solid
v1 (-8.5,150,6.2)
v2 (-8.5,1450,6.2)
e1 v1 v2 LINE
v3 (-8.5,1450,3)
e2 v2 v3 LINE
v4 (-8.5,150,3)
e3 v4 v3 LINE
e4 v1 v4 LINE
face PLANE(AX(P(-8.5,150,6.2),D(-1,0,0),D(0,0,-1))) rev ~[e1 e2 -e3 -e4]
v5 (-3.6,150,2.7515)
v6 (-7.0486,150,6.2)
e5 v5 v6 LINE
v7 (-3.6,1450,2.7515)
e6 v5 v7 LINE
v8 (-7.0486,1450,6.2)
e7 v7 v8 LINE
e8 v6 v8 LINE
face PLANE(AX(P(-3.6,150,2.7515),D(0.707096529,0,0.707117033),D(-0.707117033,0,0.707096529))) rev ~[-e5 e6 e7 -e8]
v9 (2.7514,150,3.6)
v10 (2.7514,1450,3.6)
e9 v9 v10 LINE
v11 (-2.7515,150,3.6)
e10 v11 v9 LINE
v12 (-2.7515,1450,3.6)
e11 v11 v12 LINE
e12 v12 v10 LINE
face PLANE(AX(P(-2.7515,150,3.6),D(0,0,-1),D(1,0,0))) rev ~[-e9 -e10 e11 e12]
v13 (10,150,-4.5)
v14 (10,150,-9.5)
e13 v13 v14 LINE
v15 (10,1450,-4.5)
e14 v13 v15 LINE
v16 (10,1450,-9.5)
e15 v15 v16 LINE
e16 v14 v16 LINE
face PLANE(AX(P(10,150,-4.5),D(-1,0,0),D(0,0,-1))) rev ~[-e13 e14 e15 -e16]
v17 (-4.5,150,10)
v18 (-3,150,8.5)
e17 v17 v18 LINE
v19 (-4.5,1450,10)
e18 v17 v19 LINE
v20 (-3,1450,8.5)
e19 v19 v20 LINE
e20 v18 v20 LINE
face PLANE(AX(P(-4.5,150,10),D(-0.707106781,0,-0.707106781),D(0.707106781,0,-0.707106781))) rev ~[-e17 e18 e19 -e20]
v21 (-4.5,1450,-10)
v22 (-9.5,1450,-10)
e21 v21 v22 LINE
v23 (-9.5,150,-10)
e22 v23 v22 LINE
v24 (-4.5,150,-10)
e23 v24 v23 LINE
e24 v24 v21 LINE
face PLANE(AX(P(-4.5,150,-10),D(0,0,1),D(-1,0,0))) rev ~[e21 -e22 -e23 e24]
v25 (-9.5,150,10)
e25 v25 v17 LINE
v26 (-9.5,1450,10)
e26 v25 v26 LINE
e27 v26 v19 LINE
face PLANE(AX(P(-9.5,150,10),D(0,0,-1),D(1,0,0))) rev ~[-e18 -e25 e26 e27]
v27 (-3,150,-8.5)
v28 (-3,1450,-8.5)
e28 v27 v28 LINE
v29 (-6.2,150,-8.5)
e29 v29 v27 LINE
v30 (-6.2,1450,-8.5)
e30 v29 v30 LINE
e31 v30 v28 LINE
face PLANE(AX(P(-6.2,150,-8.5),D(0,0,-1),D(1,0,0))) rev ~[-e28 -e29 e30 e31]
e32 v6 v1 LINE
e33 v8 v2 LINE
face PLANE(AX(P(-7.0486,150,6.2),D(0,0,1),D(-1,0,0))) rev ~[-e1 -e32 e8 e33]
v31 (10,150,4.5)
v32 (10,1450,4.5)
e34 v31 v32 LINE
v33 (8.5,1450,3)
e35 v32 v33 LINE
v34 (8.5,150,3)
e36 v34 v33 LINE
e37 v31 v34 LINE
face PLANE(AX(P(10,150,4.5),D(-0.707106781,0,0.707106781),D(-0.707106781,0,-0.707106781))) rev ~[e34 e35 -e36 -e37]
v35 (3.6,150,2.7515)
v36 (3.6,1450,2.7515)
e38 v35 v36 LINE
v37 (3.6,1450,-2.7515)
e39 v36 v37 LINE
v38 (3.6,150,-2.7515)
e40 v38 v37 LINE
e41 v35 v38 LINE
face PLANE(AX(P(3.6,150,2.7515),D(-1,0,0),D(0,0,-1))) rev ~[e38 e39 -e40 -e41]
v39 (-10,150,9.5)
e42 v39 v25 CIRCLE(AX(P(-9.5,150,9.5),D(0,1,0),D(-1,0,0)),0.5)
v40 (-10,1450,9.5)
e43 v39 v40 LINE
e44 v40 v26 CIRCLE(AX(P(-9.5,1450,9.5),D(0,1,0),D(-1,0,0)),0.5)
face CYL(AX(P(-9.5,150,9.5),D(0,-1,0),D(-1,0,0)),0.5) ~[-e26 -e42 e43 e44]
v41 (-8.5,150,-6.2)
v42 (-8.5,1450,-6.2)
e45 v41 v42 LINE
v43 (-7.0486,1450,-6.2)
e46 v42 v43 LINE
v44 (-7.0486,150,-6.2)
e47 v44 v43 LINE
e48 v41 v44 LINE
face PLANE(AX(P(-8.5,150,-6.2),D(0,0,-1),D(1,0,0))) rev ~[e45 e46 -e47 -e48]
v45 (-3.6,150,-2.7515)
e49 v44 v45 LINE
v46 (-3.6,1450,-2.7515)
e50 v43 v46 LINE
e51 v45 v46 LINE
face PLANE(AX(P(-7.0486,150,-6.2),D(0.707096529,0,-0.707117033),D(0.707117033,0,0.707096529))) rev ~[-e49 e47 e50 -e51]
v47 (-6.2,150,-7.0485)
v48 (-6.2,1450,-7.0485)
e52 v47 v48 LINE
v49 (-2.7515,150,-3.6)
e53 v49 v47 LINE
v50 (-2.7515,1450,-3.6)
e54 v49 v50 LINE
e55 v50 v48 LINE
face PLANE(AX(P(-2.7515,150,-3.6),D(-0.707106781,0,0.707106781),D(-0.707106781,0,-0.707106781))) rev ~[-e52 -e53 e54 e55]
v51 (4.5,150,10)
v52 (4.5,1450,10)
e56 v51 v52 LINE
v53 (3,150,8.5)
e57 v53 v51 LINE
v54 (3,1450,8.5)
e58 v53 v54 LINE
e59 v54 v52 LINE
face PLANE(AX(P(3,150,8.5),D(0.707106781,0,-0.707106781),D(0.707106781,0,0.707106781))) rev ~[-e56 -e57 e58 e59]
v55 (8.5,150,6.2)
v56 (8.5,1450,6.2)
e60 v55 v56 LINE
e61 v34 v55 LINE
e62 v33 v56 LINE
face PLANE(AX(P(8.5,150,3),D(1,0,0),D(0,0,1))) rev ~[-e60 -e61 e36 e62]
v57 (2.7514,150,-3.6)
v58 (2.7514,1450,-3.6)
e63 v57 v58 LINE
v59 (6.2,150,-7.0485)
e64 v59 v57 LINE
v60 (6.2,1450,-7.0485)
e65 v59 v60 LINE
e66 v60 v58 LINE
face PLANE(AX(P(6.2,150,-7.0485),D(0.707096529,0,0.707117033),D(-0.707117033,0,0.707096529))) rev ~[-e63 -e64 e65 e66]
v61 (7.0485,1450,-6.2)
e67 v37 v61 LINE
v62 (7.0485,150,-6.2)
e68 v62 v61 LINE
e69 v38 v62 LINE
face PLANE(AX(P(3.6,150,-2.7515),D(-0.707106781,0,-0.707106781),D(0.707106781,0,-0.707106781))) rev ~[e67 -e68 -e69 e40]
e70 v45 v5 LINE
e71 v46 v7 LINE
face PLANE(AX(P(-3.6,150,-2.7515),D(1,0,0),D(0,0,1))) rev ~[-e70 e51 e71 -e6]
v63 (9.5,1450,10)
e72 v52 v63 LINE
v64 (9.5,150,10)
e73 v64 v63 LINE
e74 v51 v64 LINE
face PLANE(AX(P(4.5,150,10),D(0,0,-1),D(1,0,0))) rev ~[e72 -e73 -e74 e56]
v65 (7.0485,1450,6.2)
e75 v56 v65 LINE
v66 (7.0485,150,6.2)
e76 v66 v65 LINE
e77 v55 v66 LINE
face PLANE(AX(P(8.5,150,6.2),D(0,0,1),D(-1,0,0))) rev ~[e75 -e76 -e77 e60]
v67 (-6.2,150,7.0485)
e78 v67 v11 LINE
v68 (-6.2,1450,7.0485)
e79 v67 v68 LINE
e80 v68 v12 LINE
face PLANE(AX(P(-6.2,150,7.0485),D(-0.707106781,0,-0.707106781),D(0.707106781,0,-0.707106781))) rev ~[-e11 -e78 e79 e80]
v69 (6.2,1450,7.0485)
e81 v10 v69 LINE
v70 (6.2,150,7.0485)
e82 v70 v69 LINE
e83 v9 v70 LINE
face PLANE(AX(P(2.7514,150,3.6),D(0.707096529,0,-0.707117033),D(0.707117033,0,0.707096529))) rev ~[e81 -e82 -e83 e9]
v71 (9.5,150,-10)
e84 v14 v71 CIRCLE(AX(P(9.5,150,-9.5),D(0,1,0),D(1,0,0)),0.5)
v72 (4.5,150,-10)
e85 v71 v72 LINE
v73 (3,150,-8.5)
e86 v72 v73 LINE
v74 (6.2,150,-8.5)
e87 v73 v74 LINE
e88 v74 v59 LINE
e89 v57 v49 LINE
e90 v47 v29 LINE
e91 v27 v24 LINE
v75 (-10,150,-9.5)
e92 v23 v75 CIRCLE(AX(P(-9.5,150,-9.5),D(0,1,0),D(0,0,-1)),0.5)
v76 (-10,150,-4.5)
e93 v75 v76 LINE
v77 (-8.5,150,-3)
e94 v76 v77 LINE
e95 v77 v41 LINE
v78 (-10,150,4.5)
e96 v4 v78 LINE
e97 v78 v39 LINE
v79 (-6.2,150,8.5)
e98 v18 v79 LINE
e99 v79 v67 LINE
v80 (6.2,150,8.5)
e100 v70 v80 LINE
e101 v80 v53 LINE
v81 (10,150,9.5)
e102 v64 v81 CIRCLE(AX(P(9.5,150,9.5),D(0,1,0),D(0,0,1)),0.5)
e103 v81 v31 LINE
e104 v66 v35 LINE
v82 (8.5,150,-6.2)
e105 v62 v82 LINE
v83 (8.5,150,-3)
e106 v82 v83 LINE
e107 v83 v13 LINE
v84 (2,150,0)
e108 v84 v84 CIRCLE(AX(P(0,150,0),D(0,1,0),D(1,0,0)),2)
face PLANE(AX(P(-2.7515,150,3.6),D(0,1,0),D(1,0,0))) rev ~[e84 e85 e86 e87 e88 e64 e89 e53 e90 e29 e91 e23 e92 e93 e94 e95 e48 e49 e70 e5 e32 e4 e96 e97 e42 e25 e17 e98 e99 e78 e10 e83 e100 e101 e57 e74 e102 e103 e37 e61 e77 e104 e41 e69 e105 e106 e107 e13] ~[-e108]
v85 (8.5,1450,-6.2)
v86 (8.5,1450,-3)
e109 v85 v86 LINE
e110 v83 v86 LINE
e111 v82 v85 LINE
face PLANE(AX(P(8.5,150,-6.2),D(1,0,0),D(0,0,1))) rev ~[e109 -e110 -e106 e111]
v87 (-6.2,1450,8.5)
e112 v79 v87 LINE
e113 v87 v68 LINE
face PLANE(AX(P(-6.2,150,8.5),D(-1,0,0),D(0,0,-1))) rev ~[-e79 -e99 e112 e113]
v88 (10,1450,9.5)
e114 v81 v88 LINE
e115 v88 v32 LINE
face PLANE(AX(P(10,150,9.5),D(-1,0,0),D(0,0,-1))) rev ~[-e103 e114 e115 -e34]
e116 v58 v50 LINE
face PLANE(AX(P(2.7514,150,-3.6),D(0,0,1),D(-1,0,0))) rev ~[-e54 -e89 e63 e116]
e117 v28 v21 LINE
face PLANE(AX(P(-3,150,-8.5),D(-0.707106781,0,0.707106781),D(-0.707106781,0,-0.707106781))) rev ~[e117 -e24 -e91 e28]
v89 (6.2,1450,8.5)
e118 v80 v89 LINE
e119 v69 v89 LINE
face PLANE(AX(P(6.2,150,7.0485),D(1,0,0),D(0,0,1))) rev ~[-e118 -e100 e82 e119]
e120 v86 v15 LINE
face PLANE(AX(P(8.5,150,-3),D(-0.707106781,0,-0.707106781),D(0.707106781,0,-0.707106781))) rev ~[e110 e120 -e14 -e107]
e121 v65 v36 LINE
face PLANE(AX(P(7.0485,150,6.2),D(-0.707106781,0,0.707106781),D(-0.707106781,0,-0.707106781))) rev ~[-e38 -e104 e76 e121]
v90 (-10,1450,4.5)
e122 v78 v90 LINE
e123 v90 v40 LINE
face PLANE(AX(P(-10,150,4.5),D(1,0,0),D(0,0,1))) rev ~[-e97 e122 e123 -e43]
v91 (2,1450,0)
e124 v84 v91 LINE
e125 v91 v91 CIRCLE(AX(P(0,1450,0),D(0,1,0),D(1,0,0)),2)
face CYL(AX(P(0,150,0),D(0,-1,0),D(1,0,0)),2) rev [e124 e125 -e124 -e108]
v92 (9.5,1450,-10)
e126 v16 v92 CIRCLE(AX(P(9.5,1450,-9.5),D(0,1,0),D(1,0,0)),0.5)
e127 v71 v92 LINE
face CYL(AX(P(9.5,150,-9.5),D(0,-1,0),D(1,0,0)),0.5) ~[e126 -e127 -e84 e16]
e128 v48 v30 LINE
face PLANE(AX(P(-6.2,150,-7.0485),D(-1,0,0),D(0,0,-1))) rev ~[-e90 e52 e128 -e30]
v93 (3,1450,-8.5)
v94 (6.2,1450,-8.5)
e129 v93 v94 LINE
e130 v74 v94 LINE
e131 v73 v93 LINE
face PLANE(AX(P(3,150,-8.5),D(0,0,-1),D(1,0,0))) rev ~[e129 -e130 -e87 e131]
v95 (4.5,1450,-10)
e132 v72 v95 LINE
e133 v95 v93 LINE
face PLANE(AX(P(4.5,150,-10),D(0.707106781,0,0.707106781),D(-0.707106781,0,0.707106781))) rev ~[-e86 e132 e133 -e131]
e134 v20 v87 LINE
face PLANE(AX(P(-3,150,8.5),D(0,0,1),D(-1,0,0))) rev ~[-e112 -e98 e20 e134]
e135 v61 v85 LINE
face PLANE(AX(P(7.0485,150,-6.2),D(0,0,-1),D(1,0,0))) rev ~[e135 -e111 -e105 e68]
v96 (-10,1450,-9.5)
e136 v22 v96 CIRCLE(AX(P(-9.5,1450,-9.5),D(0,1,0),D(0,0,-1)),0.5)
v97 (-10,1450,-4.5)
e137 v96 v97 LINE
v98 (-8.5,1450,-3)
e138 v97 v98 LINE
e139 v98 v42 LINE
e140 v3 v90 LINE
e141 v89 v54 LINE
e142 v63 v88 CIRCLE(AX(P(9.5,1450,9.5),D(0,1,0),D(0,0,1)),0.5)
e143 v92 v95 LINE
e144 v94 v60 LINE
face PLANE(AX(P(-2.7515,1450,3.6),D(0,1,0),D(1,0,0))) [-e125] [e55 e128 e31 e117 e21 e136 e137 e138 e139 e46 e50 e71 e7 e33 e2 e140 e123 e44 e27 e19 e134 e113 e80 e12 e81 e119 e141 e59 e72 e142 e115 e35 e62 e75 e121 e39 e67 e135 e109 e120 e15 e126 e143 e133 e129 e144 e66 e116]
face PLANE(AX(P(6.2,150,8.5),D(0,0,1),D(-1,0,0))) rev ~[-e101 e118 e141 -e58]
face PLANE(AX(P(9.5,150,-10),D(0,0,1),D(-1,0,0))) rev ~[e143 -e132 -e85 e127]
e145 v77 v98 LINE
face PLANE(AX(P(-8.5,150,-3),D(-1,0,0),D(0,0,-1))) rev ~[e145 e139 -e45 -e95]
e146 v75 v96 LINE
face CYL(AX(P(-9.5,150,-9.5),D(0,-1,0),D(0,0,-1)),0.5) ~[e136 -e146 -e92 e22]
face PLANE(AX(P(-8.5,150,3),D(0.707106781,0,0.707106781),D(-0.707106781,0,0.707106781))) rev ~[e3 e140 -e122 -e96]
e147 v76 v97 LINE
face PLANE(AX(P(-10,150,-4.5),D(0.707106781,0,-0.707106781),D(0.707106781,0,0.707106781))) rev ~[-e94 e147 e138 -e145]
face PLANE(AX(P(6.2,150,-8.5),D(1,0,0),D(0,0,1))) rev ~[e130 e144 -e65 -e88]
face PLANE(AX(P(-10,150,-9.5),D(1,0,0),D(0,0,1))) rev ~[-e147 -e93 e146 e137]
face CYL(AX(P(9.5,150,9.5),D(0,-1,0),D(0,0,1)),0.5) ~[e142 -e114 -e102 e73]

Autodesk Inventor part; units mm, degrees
ref_plane "YZ Plane" through (0, 0, 0) normal (1, 0, 0) x (0, 1, 0)
ref_plane "XZ Plane" through (0, 0, 0) normal (0, 1, 0) x (-1, 0, 0)
ref_plane "Work Plane1" through (-2.7515, 150, 3.6) normal (0, 1, 0) x (1, 0, 0)
sketch "Sketch1" plane through (-2.7515, 150, 3.6) normal (0, 1, 0) x (1, 0, 0)
  arc A0 (-6.7485, 13.6) -> (-7.2485, 13.1) centre (-6.7485, 13.1) ccw projected
  line L0 (-7.2485, 13.1) -> (-7.2485, 8.1) projected
  line L1 (-7.2485, 8.1) -> (-5.7485, 6.6) projected
  line L2 (-5.7485, 6.6) -> (-5.7485, 9.8) projected
  line L3 (-5.7485, 9.8) -> (-4.2971, 9.8) projected
  line L4 (-4.2971, 9.8) -> (-0.8485, 6.3515) projected
  line L5 (-0.8485, 6.3515) -> (-0.8485, 0.8485) projected
  line L6 (-0.8485, 0.8485) -> (-4.2971, -2.6) projected
  line L7 (-4.2971, -2.6) -> (-5.7485, -2.6) projected
  line L8 (-5.7485, -2.6) -> (-5.7485, 0.6) projected
  line L9 (-5.7485, 0.6) -> (-7.2485, -0.9) projected
  line L10 (-7.2485, -0.9) -> (-7.2485, -5.9) projected
  arc A1 (-7.2485, -5.9) -> (-6.7485, -6.4) centre (-6.7485, -5.9) ccw projected
  line L11 (-6.7485, -6.4) -> (-1.7485, -6.4) projected
  line L12 (-1.7485, -6.4) -> (-0.2485, -4.9) projected
  line L13 (-0.2485, -4.9) -> (-3.4485, -4.9) projected
  line L14 (-3.4485, -4.9) -> (-3.4485, -3.4485) projected
  line L15 (-3.4485, -3.4485) -> (0, 0) projected
  line L16 (0, 0) -> (5.5029, 0) projected
  line L17 (5.5029, 0) -> (8.9515, -3.4485) projected
  line L18 (8.9515, -3.4485) -> (8.9515, -4.9) projected
  line L19 (8.9515, -4.9) -> (5.7515, -4.9) projected
  line L20 (5.7515, -4.9) -> (7.2515, -6.4) projected
  line L21 (7.2515, -6.4) -> (12.2515, -6.4) projected
  arc A2 (12.2515, -6.4) -> (12.7515, -5.9) centre (12.2515, -5.9) ccw projected
  line L22 (12.7515, -5.9) -> (12.7515, -0.9) projected
  line L23 (12.7515, -0.9) -> (11.2515, 0.6) projected
  line L24 (11.2515, 0.6) -> (11.2515, -2.6) projected
  line L25 (11.2515, -2.6) -> (9.8, -2.6) projected
  line L26 (9.8, -2.6) -> (6.3515, 0.8485) projected
  line L27 (6.3515, 0.8485) -> (6.3515, 6.3515) projected
  line L28 (6.3515, 6.3515) -> (9.8, 9.8) projected
  line L29 (9.8, 9.8) -> (11.2515, 9.8) projected
  line L30 (11.2515, 9.8) -> (11.2515, 6.6) projected
  line L31 (11.2515, 6.6) -> (12.7515, 8.1) projected
  line L32 (12.7515, 8.1) -> (12.7515, 13.1) projected
  arc A3 (12.7515, 13.1) -> (12.2515, 13.6) centre (12.2515, 13.1) ccw projected
  line L33 (12.2515, 13.6) -> (7.2515, 13.6) projected
  line L34 (7.2515, 13.6) -> (5.7515, 12.1) projected
  line L35 (5.7515, 12.1) -> (8.9515, 12.1) projected
  line L36 (8.9515, 12.1) -> (8.9515, 10.6485) projected
  line L37 (8.9515, 10.6485) -> (5.5029, 7.2) projected
  line L38 (5.5029, 7.2) -> (0, 7.2) projected
  line L39 (0, 7.2) -> (-3.4485, 10.6485) projected
  line L40 (-3.4485, 10.6485) -> (-3.4485, 12.1) projected
  line L41 (-3.4485, 12.1) -> (-0.2485, 12.1) projected
  line L42 (-0.2485, 12.1) -> (-1.7485, 13.6) projected
  line L43 (-1.7485, 13.6) -> (-6.7485, 13.6) projected
  circle A4 centre (2.7515, 3.6) radius 2 projected
extrude "Extrusion1" add sketch "Sketch1" along normal blind 1300
ref_plane "Work Plane2" through (0, 150, 4.5) normal (1, 0, 0) x (0, 0, -1)
properties part number "20x20mmx150mm alminum profile" material "Steel"
